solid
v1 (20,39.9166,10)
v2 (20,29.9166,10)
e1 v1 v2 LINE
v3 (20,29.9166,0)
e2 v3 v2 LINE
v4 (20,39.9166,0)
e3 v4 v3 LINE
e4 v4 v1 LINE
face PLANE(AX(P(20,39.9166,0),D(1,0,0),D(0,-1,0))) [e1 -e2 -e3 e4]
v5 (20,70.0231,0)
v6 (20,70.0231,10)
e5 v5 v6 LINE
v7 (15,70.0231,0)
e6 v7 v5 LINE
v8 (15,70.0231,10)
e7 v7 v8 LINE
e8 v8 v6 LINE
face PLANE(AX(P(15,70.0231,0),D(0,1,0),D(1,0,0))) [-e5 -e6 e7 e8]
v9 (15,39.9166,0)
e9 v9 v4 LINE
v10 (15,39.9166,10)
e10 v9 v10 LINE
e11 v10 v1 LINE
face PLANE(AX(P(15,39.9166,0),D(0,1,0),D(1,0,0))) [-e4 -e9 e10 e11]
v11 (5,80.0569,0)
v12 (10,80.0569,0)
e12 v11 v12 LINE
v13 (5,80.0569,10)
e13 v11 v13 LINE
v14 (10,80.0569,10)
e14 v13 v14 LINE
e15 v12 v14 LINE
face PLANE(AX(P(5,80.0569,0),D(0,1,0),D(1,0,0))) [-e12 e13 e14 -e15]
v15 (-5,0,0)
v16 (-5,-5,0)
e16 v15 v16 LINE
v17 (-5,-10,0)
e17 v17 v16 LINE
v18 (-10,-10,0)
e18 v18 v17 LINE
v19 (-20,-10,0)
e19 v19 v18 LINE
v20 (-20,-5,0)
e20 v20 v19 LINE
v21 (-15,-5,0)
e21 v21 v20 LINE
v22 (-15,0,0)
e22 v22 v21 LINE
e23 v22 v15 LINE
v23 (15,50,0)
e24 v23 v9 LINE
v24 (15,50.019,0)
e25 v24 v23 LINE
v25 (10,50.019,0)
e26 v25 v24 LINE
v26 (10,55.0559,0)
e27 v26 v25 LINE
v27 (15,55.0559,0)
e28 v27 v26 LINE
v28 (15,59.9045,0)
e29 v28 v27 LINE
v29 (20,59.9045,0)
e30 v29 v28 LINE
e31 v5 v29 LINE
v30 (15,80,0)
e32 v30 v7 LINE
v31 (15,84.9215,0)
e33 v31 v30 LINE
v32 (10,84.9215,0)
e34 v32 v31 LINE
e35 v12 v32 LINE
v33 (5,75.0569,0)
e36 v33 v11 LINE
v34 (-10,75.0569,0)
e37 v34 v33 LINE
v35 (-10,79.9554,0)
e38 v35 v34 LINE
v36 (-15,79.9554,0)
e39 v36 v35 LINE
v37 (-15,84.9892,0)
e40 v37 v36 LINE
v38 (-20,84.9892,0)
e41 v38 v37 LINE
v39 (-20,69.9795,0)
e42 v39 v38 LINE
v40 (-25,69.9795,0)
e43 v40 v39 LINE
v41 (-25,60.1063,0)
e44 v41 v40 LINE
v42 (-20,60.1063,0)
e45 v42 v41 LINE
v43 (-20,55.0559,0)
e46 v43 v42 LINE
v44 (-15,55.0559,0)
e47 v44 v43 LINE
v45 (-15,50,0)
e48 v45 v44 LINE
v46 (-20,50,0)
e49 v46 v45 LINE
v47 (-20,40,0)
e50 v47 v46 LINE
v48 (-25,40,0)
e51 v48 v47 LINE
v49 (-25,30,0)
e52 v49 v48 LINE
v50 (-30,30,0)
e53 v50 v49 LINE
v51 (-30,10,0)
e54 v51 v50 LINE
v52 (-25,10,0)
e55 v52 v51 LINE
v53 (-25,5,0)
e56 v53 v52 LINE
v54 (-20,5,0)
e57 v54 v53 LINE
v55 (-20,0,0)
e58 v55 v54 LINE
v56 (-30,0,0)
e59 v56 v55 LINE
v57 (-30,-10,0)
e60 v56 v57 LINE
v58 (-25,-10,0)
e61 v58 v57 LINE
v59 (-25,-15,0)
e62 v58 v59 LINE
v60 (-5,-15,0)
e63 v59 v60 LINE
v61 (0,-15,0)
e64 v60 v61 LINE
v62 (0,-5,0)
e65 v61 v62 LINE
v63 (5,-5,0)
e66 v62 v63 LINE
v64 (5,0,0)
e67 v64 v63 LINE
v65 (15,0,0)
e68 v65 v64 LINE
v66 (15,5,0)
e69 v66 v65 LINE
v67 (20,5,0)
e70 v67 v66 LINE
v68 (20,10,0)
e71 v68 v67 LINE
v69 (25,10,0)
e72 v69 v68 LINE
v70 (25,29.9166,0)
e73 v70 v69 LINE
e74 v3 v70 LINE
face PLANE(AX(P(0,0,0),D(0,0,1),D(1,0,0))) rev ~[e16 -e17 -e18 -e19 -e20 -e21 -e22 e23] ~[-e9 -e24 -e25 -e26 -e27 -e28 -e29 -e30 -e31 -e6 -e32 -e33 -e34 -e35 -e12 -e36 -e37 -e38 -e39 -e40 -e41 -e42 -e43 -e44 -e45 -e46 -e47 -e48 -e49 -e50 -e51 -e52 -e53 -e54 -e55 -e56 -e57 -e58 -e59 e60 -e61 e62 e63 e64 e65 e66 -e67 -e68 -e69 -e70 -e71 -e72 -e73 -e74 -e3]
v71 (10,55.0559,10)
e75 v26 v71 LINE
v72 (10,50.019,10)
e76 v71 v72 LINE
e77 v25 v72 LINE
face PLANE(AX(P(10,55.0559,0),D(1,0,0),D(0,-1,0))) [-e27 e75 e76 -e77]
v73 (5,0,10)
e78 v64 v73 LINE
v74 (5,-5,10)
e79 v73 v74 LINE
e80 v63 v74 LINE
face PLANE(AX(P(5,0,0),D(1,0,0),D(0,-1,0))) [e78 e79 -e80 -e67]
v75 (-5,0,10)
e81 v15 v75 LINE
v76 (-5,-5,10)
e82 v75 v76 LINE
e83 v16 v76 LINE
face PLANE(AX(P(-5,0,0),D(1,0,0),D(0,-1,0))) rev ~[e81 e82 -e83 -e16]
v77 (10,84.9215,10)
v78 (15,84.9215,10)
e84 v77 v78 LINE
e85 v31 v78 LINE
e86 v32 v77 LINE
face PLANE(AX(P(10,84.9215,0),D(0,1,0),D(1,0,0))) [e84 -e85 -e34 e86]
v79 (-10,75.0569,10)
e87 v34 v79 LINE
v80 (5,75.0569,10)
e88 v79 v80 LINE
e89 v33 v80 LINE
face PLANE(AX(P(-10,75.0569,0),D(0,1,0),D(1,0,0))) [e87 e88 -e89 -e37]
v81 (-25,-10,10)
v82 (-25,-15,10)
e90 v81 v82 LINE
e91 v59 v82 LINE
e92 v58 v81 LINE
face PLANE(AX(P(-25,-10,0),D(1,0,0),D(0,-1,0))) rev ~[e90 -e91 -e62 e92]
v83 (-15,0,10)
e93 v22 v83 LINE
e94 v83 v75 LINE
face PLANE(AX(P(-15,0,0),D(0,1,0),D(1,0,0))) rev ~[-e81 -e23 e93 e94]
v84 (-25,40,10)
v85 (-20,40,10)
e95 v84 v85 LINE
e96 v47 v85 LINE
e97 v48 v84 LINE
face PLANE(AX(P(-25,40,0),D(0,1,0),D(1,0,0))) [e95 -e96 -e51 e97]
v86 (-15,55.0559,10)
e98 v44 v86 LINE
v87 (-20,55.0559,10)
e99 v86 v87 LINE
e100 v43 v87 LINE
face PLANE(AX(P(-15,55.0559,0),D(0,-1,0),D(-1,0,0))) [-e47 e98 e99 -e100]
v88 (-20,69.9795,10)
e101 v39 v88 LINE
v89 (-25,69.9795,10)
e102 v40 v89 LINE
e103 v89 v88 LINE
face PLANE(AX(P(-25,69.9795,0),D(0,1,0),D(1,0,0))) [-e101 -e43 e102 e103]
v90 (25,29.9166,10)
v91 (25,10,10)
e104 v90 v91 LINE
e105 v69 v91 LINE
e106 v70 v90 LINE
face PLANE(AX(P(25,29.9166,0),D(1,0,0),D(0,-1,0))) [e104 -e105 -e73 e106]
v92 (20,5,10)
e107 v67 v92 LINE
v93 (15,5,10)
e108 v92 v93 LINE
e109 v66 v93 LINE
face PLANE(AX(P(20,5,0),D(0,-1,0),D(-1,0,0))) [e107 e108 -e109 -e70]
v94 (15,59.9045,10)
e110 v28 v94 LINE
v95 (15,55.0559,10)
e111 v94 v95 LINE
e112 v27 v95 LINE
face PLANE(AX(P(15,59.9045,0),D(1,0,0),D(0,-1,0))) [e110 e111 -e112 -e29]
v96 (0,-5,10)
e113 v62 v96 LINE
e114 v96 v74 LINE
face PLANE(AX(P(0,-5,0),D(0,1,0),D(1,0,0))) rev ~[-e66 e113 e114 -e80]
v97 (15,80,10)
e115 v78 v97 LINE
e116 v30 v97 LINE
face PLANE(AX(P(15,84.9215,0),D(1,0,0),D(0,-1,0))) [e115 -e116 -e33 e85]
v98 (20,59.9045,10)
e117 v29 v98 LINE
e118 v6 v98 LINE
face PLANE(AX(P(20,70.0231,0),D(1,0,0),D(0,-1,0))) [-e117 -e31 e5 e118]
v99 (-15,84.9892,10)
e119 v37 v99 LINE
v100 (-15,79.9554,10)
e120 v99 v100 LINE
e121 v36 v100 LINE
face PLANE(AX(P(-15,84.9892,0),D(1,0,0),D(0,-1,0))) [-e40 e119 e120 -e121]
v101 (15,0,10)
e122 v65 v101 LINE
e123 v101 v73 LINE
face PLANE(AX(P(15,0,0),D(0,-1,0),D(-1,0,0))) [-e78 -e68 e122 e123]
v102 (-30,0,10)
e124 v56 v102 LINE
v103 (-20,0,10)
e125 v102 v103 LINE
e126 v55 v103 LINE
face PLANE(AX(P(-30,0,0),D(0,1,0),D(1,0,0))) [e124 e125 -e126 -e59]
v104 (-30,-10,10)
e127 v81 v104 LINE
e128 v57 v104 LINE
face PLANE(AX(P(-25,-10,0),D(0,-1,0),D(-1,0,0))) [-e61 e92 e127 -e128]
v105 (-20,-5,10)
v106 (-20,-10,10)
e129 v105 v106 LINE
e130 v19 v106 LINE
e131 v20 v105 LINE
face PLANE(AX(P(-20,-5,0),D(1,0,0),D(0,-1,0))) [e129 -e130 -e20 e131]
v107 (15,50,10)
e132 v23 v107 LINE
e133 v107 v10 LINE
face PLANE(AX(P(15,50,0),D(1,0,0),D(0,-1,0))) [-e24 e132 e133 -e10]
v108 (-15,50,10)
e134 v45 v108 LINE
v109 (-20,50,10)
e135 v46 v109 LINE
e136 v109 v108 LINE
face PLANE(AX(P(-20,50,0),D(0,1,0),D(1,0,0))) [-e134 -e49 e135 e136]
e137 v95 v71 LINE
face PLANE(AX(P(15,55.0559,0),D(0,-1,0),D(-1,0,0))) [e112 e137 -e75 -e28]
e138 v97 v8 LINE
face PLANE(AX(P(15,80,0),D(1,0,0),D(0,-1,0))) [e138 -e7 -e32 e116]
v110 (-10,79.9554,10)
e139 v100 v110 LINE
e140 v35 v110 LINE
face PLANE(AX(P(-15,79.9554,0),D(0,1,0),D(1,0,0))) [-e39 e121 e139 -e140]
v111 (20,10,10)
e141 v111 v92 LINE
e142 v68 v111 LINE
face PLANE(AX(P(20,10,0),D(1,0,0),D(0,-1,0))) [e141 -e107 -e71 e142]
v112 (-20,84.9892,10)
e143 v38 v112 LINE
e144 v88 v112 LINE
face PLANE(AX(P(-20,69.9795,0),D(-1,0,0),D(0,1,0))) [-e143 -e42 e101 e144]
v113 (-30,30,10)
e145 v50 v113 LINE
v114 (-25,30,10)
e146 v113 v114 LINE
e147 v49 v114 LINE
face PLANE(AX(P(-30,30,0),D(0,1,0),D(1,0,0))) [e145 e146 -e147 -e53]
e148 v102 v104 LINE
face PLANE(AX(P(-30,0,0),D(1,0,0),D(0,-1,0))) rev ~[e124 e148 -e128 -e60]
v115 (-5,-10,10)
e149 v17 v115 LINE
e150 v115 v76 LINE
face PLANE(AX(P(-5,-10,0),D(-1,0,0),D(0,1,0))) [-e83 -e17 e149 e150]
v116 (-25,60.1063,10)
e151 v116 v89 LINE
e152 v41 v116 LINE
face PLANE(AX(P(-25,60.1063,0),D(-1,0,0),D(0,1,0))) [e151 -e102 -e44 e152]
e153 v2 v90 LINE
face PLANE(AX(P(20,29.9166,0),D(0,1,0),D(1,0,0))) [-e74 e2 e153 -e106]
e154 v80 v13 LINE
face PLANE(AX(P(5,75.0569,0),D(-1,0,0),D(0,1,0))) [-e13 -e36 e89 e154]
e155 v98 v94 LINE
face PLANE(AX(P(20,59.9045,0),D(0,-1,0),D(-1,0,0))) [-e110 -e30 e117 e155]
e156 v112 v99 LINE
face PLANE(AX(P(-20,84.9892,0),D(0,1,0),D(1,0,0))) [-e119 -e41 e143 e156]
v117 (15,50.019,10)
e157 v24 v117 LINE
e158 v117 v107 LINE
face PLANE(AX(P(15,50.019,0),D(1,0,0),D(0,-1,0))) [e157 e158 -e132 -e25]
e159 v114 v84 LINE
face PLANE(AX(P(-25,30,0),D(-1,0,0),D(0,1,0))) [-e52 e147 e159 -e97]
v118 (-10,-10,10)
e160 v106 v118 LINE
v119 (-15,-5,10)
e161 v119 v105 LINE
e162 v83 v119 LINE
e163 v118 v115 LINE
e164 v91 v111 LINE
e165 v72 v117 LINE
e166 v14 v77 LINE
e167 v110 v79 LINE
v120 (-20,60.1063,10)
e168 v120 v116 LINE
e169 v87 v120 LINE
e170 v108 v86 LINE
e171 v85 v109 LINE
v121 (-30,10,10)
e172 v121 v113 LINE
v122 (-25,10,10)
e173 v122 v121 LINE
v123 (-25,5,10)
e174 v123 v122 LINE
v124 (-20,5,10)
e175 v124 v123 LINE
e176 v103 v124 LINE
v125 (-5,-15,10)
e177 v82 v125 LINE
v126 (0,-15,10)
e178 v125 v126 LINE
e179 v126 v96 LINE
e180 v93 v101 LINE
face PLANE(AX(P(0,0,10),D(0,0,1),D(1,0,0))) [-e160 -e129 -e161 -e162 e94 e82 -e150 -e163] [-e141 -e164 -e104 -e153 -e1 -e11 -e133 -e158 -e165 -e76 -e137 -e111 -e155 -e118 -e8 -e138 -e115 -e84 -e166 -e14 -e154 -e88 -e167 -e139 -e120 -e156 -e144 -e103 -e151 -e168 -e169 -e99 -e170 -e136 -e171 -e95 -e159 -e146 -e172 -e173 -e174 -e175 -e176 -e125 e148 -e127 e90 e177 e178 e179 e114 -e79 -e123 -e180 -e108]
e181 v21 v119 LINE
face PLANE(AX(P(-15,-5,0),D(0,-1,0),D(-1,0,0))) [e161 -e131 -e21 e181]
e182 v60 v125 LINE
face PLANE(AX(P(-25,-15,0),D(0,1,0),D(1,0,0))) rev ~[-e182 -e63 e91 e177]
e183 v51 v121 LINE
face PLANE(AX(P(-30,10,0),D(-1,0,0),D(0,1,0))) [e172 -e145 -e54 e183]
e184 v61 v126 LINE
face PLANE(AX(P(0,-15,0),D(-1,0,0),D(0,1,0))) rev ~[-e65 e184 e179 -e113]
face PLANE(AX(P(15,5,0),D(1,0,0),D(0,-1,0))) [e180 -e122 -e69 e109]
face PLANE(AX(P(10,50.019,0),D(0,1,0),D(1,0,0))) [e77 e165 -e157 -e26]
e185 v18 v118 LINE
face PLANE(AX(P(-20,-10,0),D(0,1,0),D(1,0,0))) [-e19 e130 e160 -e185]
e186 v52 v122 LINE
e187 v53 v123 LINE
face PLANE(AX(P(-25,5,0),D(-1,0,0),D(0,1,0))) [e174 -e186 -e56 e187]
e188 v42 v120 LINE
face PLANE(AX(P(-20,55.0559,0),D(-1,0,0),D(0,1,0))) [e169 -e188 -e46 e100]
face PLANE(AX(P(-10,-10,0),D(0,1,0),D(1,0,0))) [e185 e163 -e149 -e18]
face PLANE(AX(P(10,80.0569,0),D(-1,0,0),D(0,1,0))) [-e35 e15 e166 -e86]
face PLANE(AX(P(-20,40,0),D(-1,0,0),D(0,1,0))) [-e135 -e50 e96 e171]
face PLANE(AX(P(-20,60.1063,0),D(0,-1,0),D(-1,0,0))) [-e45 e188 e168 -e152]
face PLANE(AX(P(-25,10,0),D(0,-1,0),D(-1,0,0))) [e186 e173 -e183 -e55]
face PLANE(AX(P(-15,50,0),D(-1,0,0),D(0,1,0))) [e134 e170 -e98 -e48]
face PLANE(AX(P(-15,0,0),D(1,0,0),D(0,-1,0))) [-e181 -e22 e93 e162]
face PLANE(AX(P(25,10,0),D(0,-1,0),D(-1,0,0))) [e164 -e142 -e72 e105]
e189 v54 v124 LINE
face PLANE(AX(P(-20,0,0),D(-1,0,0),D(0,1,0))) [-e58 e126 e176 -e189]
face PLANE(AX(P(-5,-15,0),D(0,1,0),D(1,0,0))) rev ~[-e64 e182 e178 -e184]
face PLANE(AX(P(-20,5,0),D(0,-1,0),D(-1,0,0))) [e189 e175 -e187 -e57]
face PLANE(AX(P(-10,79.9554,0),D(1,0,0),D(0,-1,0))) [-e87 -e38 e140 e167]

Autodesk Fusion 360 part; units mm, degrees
sketch "pisica" plane through (0, 0, 0) normal (0, 0, 1) x (1, 0, 0)
  line L0 (-20, 0) -> (-20, 5)
  line L1 (-20, 5) -> (-25, 5)
  line L2 (-25, 5) -> (-25, 10)
  line L3 (-25, 10) -> (-30, 10)
  line L4 (-30, 10) -> (-30, 30)
  line L5 (-30, 30) -> (-25, 30)
  line L6 (-25, 30) -> (-25, 40)
  line L7 (-25, 40) -> (-20, 40)
  line L8 (-20, 40) -> (-20, 50)
  line L9 (-20, 50) -> (-15, 50)
  line L10 (-15, 50) -> (-15, 55.0559)
  line L11 (-15, 55.0559) -> (-20, 55.0559)
  line L12 (-20, 55.0559) -> (-20, 60.1063)
  line L13 (-20, 60.1063) -> (-25, 60.1063)
  line L14 (-25, 60.1063) -> (-25, 69.9795)
  line L15 (-25, 69.9795) -> (-20, 69.9795)
  line L16 (-20, 69.9795) -> (-20, 84.9892)
  line L17 (-20, 84.9892) -> (-15, 84.9892)
  line L18 (-15, 84.9892) -> (-15, 79.9554)
  line L19 (-15, 79.9554) -> (-10, 79.9554)
  line L20 (-10, 79.9554) -> (-10, 75.0569)
  line L21 (-10, 75.0569) -> (5, 75.0569)
  line L22 (5, 75.0569) -> (5, 80.0569)
  line L23 (5, 80.0569) -> (10, 80.0569)
  line L24 (10, 80.0569) -> (10, 84.9215)
  line L25 (10, 84.9215) -> (15, 84.9215)
  line L26 (15, 84.9215) -> (15, 80)
  line L27 (15, 80) -> (15, 70.0231)
  line L28 (15, 70.0231) -> (20, 70.0231)
  line L29 (20, 70.0231) -> (20, 59.9045)
  line L30 (20, 59.9045) -> (15, 59.9045)
  line L31 (15, 59.9045) -> (15, 55.0559)
  line L32 (15, 55.0559) -> (10, 55.0559)
  line L33 (10, 55.0559) -> (10, 50.019)
  line L34 (10, 50.019) -> (15, 50.019)
  line L35 (15, 50.019) -> (15, 50)
  line L36 (15, 50) -> (15, 39.9166)
  line L37 (15, 39.9166) -> (20, 39.9166)
  line L38 (20, 39.9166) -> (20, 29.9166)
  line L39 (20, 29.9166) -> (25, 29.9166)
  line L40 (25, 29.9166) -> (25, 10)
  line L41 (25, 10) -> (20, 10)
  line L42 (20, 10) -> (20, 5)
  line L43 (20, 5) -> (15, 5)
  line L44 (15, 5) -> (15, 0)
  line L45 (15, 0) -> (5, 0)
  line L46 (5, 0) -> (5, -5)
  line L47 (0, -20.0001) -> (0, -20)
  line L48 (-25, -20) -> (-25, -20.0001)
  line L49 (-30, 0) -> (-20, 0)
  line L50 (-10, -10) -> (-5, -10)
  line L51 (-5, -10) -> (-5, -5)
  line L52 (-15, -5) -> (-20, -5)
  line L53 (-5, -15) -> (0, -15)
  line L54 (0, -15) -> (0, -5)
  line L55 (0, -5) -> (5, -5)
  line L56 (-15, 0) -> (-15, -5)
  line L57 (-5, 0) -> (-5, -5)
  line L58 (-20, -5) -> (-20, -10)
  line L59 (-20, -10) -> (-10, -10)
  line L60 (-25, -15) -> (-5, -15)
  line L61 (-25, -10) -> (-25, -15)
  line L62 (-25, -10) -> (-30, -10)
  line L63 (-30, 0) -> (-30, -10)
  line L64 (-15, 0) -> (-5, 0)
  dimension "d5" = 20
  dimension "d6" = 10
  dimension "d7" = 10
  dimension "d8" = 10
  dimension "d9" = 99.9892
extrude "Extrude1" add sketch "pisica" along normal blind 10
